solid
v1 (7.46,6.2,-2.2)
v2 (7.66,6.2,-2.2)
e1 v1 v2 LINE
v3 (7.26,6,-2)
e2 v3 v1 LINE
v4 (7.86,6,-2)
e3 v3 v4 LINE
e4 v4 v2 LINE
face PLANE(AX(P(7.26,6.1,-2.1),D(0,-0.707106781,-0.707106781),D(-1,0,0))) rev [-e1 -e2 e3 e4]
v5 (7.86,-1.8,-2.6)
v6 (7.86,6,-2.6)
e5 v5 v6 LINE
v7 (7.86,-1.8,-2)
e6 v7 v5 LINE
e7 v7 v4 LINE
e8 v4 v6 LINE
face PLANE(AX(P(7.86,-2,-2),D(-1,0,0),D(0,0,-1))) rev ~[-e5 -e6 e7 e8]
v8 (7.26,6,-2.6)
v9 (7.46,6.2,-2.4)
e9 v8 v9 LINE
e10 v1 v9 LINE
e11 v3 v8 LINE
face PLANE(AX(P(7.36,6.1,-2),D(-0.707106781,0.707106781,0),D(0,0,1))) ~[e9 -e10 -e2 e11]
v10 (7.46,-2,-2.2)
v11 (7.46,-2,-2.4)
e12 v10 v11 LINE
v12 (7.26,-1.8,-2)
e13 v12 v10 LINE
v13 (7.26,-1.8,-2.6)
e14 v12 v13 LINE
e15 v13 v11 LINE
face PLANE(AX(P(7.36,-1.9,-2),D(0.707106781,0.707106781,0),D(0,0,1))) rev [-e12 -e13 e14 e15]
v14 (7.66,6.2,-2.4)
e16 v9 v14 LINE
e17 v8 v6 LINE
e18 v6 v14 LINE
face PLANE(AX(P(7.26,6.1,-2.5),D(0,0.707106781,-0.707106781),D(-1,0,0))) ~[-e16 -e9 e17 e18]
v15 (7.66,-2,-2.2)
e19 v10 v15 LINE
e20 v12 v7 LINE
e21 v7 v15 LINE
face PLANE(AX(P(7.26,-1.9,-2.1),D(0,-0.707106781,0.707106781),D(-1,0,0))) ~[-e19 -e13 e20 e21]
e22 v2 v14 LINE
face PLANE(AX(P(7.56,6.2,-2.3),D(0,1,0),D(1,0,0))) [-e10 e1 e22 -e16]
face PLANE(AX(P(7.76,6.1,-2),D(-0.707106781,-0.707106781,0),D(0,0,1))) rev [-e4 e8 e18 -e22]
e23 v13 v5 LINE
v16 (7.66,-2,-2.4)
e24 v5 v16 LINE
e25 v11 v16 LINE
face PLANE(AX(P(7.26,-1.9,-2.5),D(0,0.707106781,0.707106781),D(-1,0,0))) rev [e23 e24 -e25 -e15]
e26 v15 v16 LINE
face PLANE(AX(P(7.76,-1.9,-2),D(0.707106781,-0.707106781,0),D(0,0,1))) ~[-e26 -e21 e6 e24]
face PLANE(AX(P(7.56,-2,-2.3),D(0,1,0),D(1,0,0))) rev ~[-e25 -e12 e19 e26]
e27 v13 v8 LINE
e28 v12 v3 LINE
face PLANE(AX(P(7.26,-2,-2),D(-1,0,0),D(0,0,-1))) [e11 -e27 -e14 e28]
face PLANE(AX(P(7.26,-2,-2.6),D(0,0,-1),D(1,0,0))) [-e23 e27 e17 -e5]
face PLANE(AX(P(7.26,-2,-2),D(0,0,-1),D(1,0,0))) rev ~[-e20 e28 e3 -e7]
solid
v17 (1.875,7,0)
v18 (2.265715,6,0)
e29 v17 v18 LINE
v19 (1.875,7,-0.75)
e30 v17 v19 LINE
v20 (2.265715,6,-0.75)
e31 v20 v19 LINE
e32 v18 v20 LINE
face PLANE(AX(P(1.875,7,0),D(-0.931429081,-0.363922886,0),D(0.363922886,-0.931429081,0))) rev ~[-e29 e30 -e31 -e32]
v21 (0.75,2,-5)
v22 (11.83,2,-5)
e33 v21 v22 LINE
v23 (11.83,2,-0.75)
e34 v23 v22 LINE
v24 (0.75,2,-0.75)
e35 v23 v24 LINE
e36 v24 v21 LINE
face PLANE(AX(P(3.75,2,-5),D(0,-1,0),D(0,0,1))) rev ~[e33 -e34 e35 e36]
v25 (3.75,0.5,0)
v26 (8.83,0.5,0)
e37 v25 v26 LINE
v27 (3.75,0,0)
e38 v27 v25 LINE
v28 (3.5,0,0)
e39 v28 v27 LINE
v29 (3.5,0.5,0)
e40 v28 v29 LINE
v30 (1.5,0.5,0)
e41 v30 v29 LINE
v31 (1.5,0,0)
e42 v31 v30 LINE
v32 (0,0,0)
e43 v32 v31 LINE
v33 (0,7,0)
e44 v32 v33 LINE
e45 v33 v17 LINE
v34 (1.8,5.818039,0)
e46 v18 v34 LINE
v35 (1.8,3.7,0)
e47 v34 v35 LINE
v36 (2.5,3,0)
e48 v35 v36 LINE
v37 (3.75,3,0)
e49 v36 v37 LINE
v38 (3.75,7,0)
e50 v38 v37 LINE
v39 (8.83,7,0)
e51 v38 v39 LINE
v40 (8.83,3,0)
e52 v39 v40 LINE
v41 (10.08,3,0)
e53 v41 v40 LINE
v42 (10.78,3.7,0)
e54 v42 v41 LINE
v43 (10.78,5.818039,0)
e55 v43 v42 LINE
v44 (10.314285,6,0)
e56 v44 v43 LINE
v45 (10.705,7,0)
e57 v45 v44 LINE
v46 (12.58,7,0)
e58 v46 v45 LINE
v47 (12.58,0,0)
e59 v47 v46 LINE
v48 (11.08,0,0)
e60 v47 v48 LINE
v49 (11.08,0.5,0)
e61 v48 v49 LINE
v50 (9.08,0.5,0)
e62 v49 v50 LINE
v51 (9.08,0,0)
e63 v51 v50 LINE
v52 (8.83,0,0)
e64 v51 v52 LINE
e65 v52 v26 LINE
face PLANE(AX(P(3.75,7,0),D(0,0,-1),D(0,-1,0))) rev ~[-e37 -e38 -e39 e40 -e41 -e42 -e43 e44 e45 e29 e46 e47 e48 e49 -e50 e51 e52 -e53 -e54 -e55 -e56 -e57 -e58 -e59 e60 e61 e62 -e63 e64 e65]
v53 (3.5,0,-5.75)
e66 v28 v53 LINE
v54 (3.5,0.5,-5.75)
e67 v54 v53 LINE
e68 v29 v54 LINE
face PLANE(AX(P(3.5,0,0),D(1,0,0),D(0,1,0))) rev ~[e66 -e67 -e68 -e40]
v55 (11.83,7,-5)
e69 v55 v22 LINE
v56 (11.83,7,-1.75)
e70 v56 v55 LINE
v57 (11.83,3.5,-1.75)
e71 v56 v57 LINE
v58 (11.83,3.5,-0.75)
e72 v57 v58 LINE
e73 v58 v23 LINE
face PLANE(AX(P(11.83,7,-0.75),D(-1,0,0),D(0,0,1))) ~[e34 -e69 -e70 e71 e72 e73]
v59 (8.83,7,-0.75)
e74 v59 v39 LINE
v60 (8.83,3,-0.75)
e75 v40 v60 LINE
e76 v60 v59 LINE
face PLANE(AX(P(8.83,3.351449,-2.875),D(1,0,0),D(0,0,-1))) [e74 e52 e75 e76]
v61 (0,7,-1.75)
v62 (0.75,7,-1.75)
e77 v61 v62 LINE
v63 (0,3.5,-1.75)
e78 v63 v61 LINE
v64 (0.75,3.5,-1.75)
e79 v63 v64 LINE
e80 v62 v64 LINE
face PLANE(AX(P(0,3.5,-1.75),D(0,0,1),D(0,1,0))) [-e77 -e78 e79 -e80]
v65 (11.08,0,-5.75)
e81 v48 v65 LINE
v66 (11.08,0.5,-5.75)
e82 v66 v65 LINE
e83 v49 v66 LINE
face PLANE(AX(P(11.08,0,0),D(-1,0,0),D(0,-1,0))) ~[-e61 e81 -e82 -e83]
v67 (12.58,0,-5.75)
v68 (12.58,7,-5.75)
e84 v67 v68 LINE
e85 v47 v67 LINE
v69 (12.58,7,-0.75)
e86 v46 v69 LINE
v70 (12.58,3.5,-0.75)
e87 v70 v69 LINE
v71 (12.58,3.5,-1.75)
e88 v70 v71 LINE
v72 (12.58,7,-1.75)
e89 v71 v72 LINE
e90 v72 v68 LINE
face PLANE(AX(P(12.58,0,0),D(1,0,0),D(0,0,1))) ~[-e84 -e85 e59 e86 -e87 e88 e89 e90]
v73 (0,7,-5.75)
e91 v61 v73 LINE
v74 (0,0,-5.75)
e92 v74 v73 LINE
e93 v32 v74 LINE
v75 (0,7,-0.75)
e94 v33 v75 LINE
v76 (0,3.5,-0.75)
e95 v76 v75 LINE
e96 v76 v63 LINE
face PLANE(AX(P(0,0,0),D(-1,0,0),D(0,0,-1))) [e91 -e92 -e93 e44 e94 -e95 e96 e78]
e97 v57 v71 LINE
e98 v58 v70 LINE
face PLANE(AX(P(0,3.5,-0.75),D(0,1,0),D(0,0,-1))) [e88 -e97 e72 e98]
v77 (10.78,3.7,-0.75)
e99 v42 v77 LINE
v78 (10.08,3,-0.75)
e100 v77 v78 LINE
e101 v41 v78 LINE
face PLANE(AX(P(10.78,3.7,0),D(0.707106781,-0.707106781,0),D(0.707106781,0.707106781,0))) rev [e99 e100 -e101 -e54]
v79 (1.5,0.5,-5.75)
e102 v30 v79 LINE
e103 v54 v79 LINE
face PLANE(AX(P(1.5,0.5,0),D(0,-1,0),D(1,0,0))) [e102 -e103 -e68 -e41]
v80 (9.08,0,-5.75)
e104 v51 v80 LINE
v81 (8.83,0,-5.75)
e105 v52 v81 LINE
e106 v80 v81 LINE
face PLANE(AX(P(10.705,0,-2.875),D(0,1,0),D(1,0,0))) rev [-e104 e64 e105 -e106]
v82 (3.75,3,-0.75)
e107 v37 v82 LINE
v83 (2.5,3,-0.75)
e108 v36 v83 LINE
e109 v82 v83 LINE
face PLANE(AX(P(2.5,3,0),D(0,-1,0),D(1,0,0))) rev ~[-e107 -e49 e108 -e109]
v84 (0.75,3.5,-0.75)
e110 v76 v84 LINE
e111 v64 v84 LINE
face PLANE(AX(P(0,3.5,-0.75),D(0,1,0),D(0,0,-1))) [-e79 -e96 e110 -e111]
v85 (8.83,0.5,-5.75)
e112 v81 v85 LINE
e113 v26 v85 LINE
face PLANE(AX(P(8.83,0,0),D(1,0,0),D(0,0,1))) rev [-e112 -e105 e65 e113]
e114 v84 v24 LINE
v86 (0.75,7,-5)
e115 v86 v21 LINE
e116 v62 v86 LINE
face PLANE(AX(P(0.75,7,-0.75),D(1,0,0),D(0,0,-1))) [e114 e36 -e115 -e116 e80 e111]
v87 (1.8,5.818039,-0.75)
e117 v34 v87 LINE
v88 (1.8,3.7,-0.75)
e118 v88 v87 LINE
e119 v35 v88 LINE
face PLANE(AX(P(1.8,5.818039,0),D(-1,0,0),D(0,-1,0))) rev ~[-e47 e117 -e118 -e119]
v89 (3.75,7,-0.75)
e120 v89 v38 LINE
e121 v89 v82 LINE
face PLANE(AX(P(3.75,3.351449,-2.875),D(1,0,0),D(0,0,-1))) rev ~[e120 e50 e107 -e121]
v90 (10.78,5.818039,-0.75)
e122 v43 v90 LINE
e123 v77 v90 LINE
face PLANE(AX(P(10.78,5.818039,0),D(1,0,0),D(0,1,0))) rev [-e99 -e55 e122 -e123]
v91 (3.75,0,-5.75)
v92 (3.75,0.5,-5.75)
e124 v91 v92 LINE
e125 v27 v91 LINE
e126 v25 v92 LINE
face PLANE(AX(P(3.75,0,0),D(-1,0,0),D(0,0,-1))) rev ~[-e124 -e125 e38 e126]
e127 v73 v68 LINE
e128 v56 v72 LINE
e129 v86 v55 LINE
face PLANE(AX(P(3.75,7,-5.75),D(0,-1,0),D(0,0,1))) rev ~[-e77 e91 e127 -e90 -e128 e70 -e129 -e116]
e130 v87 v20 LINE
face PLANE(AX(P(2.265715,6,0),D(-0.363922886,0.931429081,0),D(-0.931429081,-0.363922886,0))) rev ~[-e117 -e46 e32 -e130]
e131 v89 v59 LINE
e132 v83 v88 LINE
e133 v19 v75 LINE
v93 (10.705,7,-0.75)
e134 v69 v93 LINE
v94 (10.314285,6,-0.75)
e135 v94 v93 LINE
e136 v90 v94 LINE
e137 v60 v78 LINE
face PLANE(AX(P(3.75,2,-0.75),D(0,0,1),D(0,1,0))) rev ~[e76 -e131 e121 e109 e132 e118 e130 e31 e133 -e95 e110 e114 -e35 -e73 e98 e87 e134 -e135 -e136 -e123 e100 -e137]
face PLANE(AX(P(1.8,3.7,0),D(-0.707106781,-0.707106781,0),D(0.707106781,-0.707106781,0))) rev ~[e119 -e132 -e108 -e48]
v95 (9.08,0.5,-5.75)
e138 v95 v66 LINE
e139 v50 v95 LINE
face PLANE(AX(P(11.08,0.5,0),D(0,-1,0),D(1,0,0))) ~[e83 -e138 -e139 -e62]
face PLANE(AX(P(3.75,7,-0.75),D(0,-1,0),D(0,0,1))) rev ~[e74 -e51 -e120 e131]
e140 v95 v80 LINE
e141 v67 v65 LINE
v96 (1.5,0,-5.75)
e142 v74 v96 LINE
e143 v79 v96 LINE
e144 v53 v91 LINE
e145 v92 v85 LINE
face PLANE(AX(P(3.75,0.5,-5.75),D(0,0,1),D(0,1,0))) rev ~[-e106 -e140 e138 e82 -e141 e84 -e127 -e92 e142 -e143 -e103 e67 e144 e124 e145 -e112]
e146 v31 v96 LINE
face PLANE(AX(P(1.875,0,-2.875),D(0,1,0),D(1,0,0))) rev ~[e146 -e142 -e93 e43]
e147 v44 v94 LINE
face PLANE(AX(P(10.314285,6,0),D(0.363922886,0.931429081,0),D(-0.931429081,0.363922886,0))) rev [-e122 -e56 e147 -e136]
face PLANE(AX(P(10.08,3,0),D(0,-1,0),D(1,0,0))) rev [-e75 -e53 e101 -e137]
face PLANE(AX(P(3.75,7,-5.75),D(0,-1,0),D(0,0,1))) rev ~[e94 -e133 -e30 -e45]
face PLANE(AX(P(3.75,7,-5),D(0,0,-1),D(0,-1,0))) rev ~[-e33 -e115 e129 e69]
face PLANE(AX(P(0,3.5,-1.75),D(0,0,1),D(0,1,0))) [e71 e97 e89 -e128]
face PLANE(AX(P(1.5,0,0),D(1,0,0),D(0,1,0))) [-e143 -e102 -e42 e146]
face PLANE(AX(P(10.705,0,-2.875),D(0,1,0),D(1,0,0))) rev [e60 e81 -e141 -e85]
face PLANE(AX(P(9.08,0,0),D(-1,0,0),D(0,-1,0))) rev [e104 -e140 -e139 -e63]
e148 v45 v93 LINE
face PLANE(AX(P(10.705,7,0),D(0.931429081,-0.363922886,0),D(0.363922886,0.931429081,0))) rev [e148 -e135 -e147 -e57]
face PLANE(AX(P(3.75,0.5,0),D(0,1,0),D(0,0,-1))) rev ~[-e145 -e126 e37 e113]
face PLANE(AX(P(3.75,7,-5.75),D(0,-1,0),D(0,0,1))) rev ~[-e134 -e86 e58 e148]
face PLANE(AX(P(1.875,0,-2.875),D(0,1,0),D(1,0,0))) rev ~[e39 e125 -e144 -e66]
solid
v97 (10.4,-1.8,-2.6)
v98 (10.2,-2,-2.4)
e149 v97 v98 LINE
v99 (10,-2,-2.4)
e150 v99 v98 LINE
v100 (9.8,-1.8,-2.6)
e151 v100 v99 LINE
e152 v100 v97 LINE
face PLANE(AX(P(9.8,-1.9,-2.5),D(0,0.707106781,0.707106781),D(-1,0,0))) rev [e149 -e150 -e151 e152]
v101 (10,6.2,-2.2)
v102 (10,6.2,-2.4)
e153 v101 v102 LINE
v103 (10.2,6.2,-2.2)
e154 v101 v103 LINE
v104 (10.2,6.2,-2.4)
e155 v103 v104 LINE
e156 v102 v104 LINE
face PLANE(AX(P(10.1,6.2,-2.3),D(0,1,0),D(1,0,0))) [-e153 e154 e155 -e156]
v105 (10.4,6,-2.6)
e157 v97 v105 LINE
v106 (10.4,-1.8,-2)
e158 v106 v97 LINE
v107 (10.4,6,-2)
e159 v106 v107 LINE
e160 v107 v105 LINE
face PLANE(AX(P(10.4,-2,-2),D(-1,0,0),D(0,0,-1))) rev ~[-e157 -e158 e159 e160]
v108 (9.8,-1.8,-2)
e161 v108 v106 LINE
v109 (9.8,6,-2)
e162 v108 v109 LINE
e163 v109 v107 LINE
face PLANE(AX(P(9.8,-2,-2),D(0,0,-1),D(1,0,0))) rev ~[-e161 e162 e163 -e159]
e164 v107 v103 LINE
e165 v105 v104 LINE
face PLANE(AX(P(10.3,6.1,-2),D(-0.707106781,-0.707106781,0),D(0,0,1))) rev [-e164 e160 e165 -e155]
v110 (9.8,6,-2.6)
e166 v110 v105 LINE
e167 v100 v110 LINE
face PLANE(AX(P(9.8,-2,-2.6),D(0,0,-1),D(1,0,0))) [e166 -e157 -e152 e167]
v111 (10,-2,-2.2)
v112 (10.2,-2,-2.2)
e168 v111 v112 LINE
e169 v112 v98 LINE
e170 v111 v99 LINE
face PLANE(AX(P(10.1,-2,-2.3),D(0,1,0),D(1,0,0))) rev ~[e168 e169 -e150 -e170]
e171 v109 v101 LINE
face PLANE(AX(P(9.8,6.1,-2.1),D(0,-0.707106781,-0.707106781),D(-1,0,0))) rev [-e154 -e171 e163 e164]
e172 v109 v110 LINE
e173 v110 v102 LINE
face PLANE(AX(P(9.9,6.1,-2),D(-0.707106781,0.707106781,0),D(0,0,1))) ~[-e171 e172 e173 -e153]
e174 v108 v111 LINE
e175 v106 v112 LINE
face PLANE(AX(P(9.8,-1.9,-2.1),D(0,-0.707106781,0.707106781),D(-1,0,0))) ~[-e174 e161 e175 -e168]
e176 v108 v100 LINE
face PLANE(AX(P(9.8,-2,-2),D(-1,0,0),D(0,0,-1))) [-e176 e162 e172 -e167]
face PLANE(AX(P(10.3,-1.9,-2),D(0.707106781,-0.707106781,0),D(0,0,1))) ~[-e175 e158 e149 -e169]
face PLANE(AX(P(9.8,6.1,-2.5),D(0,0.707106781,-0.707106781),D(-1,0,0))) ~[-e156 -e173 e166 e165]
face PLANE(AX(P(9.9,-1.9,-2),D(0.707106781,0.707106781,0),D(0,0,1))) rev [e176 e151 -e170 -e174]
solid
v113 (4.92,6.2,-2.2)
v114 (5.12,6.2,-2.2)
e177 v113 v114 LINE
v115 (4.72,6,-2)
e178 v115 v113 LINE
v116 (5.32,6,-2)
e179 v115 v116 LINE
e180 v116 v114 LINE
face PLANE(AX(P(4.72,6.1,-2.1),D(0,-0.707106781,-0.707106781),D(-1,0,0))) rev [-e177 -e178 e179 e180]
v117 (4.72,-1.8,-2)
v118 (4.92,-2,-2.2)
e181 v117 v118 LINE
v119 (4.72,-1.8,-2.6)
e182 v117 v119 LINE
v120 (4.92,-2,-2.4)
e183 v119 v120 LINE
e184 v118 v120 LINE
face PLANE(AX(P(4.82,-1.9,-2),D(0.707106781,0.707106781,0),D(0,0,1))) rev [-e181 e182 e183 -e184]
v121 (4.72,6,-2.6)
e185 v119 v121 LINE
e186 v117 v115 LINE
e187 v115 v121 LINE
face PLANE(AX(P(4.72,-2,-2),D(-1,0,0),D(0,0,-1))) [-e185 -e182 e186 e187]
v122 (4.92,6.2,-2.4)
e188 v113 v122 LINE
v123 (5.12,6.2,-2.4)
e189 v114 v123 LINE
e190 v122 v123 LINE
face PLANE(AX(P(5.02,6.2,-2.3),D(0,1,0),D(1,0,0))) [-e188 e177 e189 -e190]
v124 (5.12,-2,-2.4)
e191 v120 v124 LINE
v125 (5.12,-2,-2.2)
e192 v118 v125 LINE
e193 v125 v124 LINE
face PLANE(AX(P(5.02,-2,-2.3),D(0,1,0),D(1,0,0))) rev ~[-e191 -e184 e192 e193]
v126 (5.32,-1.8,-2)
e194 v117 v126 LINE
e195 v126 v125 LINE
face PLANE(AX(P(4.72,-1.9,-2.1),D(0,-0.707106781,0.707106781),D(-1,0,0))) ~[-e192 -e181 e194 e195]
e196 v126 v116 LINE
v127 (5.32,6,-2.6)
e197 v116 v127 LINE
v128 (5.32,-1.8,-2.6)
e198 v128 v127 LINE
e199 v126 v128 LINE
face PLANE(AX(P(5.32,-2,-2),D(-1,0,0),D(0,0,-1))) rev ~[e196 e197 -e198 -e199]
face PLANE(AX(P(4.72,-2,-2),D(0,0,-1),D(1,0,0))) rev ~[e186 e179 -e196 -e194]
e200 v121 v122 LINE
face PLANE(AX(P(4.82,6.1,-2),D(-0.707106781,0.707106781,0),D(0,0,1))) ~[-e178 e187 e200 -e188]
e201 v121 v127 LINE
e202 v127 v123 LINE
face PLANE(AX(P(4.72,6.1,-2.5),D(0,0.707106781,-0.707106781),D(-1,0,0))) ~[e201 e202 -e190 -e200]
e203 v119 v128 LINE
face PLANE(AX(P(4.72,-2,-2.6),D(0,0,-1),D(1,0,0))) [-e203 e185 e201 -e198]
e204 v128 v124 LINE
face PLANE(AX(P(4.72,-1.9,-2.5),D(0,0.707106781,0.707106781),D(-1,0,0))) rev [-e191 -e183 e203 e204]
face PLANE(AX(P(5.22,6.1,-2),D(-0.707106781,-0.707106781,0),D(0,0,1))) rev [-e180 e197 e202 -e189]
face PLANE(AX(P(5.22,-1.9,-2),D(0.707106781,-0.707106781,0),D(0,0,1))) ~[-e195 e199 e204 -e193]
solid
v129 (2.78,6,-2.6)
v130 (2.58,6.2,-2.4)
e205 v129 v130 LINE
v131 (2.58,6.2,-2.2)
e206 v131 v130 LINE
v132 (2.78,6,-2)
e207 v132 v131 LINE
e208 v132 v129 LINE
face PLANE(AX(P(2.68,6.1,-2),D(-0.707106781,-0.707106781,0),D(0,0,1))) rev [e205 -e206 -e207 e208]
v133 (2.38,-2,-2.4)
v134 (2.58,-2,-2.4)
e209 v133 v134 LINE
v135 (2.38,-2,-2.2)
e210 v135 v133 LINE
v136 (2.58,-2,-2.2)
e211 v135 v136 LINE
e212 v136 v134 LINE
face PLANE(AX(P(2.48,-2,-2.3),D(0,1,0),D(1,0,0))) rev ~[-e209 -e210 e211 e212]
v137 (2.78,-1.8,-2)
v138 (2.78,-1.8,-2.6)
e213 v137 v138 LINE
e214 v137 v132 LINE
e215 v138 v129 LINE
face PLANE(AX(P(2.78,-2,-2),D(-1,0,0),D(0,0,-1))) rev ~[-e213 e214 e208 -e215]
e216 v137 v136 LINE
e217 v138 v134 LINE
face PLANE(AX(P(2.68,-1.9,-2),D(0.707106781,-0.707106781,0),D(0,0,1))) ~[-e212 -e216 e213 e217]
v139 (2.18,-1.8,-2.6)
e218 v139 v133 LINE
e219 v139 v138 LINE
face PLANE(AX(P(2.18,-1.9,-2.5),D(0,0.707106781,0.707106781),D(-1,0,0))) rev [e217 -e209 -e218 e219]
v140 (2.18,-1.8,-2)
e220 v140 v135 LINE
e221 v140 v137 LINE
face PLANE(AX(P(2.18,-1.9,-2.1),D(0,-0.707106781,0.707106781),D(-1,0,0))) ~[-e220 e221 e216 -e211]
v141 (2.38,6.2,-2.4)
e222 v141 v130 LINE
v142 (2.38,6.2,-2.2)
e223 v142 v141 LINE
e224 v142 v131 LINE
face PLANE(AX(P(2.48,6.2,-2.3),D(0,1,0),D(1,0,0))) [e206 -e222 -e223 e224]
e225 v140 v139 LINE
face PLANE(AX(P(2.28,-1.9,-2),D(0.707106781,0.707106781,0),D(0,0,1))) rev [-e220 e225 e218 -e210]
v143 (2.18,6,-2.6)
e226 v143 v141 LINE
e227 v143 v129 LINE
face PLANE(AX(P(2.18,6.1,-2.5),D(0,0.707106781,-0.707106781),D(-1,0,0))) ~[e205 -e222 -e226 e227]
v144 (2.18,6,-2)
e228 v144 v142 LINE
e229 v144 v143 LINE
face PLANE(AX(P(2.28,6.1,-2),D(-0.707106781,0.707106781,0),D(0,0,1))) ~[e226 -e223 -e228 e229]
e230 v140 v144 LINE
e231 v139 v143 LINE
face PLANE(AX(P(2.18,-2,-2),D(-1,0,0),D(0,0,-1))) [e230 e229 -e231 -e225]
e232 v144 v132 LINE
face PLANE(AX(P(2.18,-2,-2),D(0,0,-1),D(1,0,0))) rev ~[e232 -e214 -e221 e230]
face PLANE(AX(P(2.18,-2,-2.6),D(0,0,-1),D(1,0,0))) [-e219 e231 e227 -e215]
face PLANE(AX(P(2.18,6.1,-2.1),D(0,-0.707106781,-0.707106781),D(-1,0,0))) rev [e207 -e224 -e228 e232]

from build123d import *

# Parameters (mm, degrees)
SKETCH1_W           = 3.75
SKETCH1_H           = 5.75
BOSS_EXTRUDE1_DEPTH = 7
CUT_EXTRUDE1_DEPTH  = 5
SKETCH4_W           = 2
SKETCH4_H           = 0.5
CUT_EXTRUDE2_DEPTH  = 10.804335776
CUT_EXTRUDE3_REACH  = 11.804
BOSS_EXTRUDE2_START = -4
SKETCH6_W           = 0.6
SKETCH6_H           = 0.6
BOSS_EXTRUDE2_DEPTH = 8.2
CHAMFER1_SIZE       = 0.2
LPATTERN3_COUNT     = 4
LPATTERN3_PITCH     = 2.54
CHAMFER2_SIZE       = 0.2
CHAMFER3_SIZE       = 0.2
CHAMFER4_SIZE       = 0.2
BOSS_EXTRUDE4_DEPTH = 5.08
SKETCH7_W           = 1
SKETCH7_H           = 3.5
CUT_EXTRUDE4_DEPTH  = 16.502222421


with BuildPart() as part:
    # Sketch1 → Boss-Extrude1 (new body)
    with BuildSketch(Plane(origin=(0, 0, 0), x_dir=(1, 0, 0), z_dir=(0, 1, 0))):
        with Locations((1.875, 2.875)):
            Rectangle(SKETCH1_W, SKETCH1_H)
    extrude(amount=BOSS_EXTRUDE1_DEPTH)

    # Sketch2 → Cut-Extrude1 (cut)
    with BuildSketch(Plane(origin=(0, 7, 0), x_dir=(1, 0, 0), z_dir=(0, 1, 0))):
        Polygon((3, 5), (3.75, 5), (3.75, 0.75), (3, 0.75), (0.75, 0.75), (0.75, 5), align=None)
    extrude(amount=-CUT_EXTRUDE1_DEPTH, mode=Mode.SUBTRACT)

    # Sketch4 → Cut-Extrude2 (cut, through all)
    with BuildSketch(Plane.XY):
        with Locations((2.5, 0.25)):
            Rectangle(SKETCH4_W, SKETCH4_H)
    extrude(amount=-CUT_EXTRUDE2_DEPTH, mode=Mode.SUBTRACT)

    # Sketch5 → Cut-Extrude3 (cut, up to next)
    with BuildSketch(Plane.XY, mode=Mode.PRIVATE) as cut_extrude3_sk1:
        Polygon((1.8, 3.7), (2.5, 3), (3.75, 3), (3.75, 7), (1.875, 7), (2.265714541, 6), (1.8, 5.818038557), align=None)
    cut_extrude3_tool1 = extrude(cut_extrude3_sk1.sketch, amount=-CUT_EXTRUDE3_REACH, mode=Mode.PRIVATE) & part.part
    add(cut_extrude3_tool1.solids().sort_by_distance((2.835359, 5.002769, 0))[0], mode=Mode.SUBTRACT)


with BuildPart() as body_2:
    # Sketch6 → Boss-Extrude2 (new body)
    with BuildSketch(Plane(origin=(0, 2, 0), x_dir=(1, 0, 0), z_dir=(0, 1, 0)).offset(BOSS_EXTRUDE2_START)):
        with Locations((2.48, 2.3)):
            Rectangle(SKETCH6_W, SKETCH6_H)
    boss_extrude2 = extrude(amount=BOSS_EXTRUDE2_DEPTH)

    # Chamfer1
    chamfer1_edges = [body_2.edges().sort_by_distance(p)[0] for p in [
        (2.48, -2, -2.6),
        (2.78, -2, -2.3),
        (2.48, -2, -2),
        (2.48, 6.2, -2.6),
        (2.18, 6.2, -2.3),
        (2.48, 6.2, -2),
        (2.78, 6.2, -2.3),
        (2.18, -2, -2.3),
    ]]
    chamfer(chamfer1_edges, length=CHAMFER1_SIZE)


with BuildPart() as lpattern3_1:
    # LPattern3: pattern copy
    add(boss_extrude2.moved(Location(Vector(1, 0, 0) * (1 * LPATTERN3_PITCH))))

    # Chamfer2
    chamfer2_edges = [lpattern3_1.edges().sort_by_distance(p)[0] for p in [
        (5.02, -2, -2.6),
        (5.32, -2, -2.3),
        (5.02, -2, -2),
        (5.02, 6.2, -2.6),
        (4.72, 6.2, -2.3),
        (5.02, 6.2, -2),
        (5.32, 6.2, -2.3),
        (4.72, -2, -2.3),
    ]]
    chamfer(chamfer2_edges, length=CHAMFER2_SIZE)


with BuildPart() as lpattern3_2:
    # LPattern3: pattern copy
    add(boss_extrude2.moved(Location(Vector(1, 0, 0) * (2 * LPATTERN3_PITCH))))

    # Chamfer3
    chamfer3_edges = [lpattern3_2.edges().sort_by_distance(p)[0] for p in [
        (7.56, -2, -2.6),
        (7.86, -2, -2.3),
        (7.56, -2, -2),
        (7.56, 6.2, -2.6),
        (7.26, 6.2, -2.3),
        (7.56, 6.2, -2),
        (7.86, 6.2, -2.3),
        (7.26, -2, -2.3),
    ]]
    chamfer(chamfer3_edges, length=CHAMFER3_SIZE)


with BuildPart() as lpattern3_3:
    # LPattern3: pattern copy
    add(boss_extrude2.moved(Location(Vector(1, 0, 0) * (3 * LPATTERN3_PITCH))))

    # Chamfer4
    chamfer4_edges = [lpattern3_3.edges().sort_by_distance(p)[0] for p in [
        (10.1, -2, -2.6),
        (10.4, -2, -2.3),
        (10.1, -2, -2),
        (10.1, 6.2, -2.6),
        (9.8, 6.2, -2.3),
        (10.1, 6.2, -2),
        (10.4, 6.2, -2.3),
        (9.8, -2, -2.3),
    ]]
    chamfer(chamfer4_edges, length=CHAMFER4_SIZE)


with BuildPart() as body_6:
    # Mirror4: mirrored copy
    add(part.part.mirror(Plane(origin=(6.29, 0, 0), x_dir=(0, 0, 1), z_dir=(1, 0, 0))))


with BuildPart() as part_1:
    add(part.part)

    add(body_6.part)  # Boss-Extrude4 merges body 6
    # Sketch8<2> → Boss-Extrude4 (add)
    with BuildSketch(Plane(origin=(3.75, 0, 0), x_dir=(0, 0, -1), z_dir=(1, 0, 0))):
        Polygon((0, 0.5), (5.75, 0.5), (5.75, 7), (5, 7), (5, 2), (0.75, 2), (0.75, 7), (0, 7), align=None)
    extrude(amount=BOSS_EXTRUDE4_DEPTH)

    # Sketch7 → Cut-Extrude4 (cut, through all)
    with BuildSketch(Plane(origin=(0, 0, 0), x_dir=(0, 0, -1), z_dir=(1, 0, 0))):
        with Locations((1.25, 5.25)):
            Rectangle(SKETCH7_W, SKETCH7_H)
    extrude(amount=CUT_EXTRUDE4_DEPTH, mode=Mode.SUBTRACT)


solid = Compound([body_2.part, lpattern3_1.part, lpattern3_2.part, lpattern3_3.part, part_1.part])
